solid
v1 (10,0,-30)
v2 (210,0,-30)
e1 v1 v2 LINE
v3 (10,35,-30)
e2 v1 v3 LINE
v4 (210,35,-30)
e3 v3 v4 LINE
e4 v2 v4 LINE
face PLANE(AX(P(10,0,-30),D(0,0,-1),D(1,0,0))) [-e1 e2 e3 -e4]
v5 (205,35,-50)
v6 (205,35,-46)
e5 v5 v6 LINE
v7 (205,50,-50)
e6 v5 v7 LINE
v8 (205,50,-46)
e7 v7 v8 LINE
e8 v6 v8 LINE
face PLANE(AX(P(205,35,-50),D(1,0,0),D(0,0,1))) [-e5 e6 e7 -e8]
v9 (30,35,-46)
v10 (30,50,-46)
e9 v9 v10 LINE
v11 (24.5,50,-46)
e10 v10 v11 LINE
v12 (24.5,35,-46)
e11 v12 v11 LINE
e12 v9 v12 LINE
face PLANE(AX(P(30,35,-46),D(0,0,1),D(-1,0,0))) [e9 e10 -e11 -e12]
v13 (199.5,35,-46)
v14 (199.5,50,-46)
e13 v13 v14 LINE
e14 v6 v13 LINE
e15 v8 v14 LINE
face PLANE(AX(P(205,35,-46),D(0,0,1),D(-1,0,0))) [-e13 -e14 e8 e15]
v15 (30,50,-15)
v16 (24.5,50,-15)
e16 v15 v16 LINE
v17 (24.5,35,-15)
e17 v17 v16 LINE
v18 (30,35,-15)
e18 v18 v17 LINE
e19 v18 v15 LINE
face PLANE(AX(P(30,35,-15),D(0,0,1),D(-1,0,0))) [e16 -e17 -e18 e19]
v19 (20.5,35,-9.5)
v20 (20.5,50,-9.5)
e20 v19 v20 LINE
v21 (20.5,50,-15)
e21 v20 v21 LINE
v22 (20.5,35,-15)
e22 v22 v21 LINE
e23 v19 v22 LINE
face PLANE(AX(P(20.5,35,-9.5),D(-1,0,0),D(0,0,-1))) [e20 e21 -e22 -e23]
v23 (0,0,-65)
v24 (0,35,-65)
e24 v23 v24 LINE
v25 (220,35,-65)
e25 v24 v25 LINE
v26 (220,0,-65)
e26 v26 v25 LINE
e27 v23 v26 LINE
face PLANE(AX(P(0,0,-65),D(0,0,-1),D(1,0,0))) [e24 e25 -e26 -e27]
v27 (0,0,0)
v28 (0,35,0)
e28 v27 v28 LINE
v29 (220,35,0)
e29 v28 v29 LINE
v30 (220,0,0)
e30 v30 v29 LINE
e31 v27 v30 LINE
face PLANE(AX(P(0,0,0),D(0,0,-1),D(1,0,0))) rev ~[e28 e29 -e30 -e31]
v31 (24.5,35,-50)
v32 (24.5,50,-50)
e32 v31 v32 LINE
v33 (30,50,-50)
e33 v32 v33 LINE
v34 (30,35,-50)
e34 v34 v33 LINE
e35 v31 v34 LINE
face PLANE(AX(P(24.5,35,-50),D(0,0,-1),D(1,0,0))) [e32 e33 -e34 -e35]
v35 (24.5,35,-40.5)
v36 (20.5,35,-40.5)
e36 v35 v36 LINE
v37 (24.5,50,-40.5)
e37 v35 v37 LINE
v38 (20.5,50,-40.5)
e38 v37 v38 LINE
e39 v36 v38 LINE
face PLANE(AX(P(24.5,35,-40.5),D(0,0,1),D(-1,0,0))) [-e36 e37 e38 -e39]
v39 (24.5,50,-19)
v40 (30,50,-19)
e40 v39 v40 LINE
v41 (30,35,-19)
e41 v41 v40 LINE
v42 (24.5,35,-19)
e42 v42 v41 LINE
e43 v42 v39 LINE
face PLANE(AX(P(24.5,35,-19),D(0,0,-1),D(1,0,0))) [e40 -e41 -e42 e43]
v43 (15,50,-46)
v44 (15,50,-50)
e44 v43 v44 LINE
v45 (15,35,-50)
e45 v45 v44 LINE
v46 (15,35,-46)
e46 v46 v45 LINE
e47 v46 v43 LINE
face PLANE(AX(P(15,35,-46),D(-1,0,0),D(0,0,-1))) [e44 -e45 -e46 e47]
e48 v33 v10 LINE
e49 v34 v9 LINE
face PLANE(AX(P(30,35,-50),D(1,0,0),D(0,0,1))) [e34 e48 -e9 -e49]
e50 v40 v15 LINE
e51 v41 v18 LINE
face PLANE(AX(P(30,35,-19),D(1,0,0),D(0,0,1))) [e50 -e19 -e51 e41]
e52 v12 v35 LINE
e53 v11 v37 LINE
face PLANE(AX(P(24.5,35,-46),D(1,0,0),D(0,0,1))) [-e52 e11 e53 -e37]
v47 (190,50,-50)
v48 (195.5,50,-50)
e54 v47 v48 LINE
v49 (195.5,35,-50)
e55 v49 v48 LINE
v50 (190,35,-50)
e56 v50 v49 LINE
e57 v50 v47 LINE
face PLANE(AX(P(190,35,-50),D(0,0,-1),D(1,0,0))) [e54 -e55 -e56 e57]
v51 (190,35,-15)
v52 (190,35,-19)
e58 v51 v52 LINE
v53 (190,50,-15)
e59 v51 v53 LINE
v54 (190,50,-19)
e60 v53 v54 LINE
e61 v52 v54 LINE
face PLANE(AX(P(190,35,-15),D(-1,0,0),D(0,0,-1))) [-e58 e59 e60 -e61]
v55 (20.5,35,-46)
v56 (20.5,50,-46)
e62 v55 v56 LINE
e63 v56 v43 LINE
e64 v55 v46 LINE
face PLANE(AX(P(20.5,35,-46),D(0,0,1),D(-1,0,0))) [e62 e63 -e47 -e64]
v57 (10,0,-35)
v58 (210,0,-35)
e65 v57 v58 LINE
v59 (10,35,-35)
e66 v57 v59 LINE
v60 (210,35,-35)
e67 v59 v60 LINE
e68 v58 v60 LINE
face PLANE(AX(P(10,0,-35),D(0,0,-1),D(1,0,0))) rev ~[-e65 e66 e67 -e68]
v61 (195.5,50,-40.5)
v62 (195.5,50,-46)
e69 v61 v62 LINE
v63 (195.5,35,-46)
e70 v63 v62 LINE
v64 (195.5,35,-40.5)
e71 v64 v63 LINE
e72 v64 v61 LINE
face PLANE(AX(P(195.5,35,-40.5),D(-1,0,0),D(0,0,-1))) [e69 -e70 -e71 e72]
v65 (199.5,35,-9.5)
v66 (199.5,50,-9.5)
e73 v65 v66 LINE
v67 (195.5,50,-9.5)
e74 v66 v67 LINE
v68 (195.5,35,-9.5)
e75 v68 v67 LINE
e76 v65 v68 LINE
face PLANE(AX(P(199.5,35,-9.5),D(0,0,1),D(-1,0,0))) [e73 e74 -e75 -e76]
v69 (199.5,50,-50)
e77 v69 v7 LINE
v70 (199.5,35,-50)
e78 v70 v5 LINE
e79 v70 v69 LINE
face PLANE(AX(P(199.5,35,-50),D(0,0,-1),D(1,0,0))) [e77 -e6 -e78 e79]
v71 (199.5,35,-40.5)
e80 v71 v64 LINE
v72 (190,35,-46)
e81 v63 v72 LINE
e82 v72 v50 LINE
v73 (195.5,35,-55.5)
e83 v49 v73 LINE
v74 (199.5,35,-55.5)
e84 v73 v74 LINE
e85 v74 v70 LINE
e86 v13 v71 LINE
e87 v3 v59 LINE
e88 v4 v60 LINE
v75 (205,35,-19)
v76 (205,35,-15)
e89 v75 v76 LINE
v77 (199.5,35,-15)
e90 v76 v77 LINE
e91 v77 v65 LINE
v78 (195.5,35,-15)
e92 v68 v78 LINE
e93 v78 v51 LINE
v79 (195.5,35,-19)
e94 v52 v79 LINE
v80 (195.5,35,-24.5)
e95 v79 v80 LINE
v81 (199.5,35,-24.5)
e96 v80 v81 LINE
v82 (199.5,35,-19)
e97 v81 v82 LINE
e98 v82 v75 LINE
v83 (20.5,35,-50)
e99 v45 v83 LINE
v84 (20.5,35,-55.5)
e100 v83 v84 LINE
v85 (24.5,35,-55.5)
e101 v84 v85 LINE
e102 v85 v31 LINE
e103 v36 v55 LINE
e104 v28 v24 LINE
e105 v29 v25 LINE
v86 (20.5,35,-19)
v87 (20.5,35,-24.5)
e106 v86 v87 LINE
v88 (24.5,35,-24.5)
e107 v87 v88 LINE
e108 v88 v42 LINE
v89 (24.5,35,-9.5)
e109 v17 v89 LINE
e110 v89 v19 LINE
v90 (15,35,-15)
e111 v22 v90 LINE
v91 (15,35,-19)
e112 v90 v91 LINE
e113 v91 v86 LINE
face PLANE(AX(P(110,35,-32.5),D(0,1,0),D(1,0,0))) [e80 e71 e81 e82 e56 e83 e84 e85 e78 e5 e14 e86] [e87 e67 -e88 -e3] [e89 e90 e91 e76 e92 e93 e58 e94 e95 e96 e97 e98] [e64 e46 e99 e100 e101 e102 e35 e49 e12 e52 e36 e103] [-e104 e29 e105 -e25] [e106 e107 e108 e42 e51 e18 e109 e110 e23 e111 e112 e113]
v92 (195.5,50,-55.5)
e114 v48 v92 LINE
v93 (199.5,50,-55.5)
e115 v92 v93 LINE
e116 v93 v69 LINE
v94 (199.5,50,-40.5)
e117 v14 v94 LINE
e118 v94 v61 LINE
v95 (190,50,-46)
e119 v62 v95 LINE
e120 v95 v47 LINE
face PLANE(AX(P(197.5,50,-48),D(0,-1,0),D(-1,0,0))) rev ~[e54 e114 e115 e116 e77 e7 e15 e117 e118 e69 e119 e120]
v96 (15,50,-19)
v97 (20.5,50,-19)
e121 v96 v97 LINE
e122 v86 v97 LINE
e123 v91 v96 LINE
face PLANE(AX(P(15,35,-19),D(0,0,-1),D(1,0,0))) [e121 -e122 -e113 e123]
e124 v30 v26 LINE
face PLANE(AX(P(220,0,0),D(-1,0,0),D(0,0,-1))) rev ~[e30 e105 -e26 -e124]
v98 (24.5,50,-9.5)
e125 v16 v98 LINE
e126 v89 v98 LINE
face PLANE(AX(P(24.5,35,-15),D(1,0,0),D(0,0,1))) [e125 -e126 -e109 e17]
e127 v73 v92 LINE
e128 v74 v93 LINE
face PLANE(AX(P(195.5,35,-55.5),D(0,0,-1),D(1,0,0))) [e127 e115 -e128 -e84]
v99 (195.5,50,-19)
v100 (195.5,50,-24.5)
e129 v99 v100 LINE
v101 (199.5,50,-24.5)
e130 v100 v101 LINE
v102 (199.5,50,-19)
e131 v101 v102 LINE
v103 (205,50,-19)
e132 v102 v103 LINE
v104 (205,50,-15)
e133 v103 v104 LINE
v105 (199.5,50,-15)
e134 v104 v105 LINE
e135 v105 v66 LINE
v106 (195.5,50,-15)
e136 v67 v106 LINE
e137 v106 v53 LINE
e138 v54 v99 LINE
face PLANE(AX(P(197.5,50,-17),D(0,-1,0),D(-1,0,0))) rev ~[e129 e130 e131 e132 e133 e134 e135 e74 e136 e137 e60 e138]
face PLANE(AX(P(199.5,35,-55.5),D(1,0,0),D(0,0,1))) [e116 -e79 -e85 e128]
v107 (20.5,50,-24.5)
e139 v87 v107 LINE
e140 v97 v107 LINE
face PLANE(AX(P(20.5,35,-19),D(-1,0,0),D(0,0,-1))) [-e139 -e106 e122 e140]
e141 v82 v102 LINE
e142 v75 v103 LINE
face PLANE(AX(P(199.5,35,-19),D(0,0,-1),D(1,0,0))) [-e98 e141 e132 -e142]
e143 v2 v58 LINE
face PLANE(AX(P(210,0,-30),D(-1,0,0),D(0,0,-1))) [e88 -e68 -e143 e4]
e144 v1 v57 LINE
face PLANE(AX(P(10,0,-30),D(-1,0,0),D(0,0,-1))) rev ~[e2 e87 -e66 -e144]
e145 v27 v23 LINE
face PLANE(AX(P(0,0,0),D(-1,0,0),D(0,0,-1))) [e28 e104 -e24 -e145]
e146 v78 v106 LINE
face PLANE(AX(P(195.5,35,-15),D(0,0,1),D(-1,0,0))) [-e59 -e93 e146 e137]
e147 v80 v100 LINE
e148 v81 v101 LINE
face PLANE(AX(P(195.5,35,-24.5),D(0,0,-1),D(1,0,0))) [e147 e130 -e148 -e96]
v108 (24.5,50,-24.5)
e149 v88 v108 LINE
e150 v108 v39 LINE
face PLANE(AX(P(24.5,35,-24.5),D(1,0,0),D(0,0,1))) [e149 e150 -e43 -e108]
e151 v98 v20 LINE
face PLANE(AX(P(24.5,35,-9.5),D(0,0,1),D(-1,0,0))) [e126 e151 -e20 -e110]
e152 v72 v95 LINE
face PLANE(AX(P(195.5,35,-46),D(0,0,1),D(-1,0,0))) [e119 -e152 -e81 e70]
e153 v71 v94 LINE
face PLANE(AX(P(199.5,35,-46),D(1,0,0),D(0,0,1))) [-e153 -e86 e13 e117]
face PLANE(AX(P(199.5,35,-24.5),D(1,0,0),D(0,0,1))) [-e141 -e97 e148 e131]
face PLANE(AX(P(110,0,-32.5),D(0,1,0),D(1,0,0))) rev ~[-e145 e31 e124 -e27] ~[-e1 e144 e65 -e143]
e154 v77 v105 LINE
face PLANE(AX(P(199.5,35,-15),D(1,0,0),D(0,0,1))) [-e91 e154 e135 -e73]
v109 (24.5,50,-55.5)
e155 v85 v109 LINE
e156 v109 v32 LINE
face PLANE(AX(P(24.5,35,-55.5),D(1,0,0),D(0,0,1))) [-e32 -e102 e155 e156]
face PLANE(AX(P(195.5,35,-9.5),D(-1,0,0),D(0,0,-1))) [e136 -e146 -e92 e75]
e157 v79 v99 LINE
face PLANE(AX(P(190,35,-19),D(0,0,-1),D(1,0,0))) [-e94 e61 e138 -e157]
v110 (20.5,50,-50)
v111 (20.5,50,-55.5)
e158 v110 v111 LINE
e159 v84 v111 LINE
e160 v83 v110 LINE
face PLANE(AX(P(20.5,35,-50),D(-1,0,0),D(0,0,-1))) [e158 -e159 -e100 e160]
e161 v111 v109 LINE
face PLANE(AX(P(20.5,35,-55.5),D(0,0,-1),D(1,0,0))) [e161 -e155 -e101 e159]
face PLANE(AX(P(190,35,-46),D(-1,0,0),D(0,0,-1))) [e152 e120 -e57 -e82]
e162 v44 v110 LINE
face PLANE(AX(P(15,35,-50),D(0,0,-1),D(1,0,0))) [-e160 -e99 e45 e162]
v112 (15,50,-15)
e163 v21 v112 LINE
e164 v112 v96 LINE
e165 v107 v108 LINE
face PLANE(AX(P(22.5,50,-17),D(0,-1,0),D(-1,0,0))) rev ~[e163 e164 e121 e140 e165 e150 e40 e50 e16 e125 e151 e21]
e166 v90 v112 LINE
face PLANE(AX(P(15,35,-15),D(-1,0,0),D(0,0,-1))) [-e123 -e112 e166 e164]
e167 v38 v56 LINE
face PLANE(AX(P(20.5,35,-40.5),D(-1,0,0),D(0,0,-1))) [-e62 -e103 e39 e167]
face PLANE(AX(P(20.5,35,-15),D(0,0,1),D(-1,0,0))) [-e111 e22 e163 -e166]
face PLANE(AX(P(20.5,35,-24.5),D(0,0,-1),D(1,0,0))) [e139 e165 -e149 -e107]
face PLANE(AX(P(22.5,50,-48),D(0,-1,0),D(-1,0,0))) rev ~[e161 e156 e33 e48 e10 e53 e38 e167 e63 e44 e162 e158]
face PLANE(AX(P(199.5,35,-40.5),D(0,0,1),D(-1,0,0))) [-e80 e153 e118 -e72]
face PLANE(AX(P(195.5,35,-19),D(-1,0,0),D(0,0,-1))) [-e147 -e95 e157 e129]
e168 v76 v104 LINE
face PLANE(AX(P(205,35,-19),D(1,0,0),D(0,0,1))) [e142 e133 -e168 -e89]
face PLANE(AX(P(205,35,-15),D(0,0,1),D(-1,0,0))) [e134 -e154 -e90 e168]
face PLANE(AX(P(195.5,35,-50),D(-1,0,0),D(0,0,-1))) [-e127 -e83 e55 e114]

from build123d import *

# Parameters (mm, degrees)
SKICA1_W                = 220
SKICA1_H                = 65
SKICA1_W_2              = 200
SKICA1_H_2              = 5
P_IDAT_VYSUNUT_M1_DEPTH = 35
P_IDAT_VYSUNUT_M2_DEPTH = 15


with BuildPart() as part:
    # Skica1 → Přidat vysunutím1 (new body)
    with BuildSketch(Plane(origin=(0, 0, 0), x_dir=(1, 0, 0), z_dir=(0, 1, 0))):
        with Locations((110, 32.5)):
            Rectangle(SKICA1_W, SKICA1_H)
        with Locations((110, 32.5)):
            Rectangle(SKICA1_W_2, SKICA1_H_2, mode=Mode.SUBTRACT)
    extrude(amount=P_IDAT_VYSUNUT_M1_DEPTH)

    # Skica2 → Přidat vysunutím2 (add)
    with BuildSketch(Plane(origin=(0, 35, 0), x_dir=(1, 0, 0), z_dir=(0, 1, 0))):
        Polygon((15, 15), (15, 19), (20.5, 19), (20.5, 24.5), (24.5, 24.5), (24.5, 19), (30, 19), (30, 15), (24.5, 15), (24.5, 9.5), (20.5, 9.5), (20.5, 15), align=None)
        Polygon((24.5, 50), (30, 50), (30, 46), (24.5, 46), (24.5, 40.5), (20.5, 40.5), (20.5, 46), (15, 46), (15, 50), (20.5, 50), (20.5, 55.5), (24.5, 55.5), align=None)
        Polygon((205, 50), (205, 46), (199.5, 46), (199.5, 40.5), (195.5, 40.5), (195.5, 46), (190, 46), (190, 50), (195.5, 50), (195.5, 55.5), (199.5, 55.5), (199.5, 50), align=None)
        Polygon((205, 15), (199.5, 15), (199.5, 9.5), (195.5, 9.5), (195.5, 15), (190, 15), (190, 19), (195.5, 19), (195.5, 24.5), (199.5, 24.5), (199.5, 19), (205, 19), align=None)
    extrude(amount=P_IDAT_VYSUNUT_M2_DEPTH)


solid = part.part
